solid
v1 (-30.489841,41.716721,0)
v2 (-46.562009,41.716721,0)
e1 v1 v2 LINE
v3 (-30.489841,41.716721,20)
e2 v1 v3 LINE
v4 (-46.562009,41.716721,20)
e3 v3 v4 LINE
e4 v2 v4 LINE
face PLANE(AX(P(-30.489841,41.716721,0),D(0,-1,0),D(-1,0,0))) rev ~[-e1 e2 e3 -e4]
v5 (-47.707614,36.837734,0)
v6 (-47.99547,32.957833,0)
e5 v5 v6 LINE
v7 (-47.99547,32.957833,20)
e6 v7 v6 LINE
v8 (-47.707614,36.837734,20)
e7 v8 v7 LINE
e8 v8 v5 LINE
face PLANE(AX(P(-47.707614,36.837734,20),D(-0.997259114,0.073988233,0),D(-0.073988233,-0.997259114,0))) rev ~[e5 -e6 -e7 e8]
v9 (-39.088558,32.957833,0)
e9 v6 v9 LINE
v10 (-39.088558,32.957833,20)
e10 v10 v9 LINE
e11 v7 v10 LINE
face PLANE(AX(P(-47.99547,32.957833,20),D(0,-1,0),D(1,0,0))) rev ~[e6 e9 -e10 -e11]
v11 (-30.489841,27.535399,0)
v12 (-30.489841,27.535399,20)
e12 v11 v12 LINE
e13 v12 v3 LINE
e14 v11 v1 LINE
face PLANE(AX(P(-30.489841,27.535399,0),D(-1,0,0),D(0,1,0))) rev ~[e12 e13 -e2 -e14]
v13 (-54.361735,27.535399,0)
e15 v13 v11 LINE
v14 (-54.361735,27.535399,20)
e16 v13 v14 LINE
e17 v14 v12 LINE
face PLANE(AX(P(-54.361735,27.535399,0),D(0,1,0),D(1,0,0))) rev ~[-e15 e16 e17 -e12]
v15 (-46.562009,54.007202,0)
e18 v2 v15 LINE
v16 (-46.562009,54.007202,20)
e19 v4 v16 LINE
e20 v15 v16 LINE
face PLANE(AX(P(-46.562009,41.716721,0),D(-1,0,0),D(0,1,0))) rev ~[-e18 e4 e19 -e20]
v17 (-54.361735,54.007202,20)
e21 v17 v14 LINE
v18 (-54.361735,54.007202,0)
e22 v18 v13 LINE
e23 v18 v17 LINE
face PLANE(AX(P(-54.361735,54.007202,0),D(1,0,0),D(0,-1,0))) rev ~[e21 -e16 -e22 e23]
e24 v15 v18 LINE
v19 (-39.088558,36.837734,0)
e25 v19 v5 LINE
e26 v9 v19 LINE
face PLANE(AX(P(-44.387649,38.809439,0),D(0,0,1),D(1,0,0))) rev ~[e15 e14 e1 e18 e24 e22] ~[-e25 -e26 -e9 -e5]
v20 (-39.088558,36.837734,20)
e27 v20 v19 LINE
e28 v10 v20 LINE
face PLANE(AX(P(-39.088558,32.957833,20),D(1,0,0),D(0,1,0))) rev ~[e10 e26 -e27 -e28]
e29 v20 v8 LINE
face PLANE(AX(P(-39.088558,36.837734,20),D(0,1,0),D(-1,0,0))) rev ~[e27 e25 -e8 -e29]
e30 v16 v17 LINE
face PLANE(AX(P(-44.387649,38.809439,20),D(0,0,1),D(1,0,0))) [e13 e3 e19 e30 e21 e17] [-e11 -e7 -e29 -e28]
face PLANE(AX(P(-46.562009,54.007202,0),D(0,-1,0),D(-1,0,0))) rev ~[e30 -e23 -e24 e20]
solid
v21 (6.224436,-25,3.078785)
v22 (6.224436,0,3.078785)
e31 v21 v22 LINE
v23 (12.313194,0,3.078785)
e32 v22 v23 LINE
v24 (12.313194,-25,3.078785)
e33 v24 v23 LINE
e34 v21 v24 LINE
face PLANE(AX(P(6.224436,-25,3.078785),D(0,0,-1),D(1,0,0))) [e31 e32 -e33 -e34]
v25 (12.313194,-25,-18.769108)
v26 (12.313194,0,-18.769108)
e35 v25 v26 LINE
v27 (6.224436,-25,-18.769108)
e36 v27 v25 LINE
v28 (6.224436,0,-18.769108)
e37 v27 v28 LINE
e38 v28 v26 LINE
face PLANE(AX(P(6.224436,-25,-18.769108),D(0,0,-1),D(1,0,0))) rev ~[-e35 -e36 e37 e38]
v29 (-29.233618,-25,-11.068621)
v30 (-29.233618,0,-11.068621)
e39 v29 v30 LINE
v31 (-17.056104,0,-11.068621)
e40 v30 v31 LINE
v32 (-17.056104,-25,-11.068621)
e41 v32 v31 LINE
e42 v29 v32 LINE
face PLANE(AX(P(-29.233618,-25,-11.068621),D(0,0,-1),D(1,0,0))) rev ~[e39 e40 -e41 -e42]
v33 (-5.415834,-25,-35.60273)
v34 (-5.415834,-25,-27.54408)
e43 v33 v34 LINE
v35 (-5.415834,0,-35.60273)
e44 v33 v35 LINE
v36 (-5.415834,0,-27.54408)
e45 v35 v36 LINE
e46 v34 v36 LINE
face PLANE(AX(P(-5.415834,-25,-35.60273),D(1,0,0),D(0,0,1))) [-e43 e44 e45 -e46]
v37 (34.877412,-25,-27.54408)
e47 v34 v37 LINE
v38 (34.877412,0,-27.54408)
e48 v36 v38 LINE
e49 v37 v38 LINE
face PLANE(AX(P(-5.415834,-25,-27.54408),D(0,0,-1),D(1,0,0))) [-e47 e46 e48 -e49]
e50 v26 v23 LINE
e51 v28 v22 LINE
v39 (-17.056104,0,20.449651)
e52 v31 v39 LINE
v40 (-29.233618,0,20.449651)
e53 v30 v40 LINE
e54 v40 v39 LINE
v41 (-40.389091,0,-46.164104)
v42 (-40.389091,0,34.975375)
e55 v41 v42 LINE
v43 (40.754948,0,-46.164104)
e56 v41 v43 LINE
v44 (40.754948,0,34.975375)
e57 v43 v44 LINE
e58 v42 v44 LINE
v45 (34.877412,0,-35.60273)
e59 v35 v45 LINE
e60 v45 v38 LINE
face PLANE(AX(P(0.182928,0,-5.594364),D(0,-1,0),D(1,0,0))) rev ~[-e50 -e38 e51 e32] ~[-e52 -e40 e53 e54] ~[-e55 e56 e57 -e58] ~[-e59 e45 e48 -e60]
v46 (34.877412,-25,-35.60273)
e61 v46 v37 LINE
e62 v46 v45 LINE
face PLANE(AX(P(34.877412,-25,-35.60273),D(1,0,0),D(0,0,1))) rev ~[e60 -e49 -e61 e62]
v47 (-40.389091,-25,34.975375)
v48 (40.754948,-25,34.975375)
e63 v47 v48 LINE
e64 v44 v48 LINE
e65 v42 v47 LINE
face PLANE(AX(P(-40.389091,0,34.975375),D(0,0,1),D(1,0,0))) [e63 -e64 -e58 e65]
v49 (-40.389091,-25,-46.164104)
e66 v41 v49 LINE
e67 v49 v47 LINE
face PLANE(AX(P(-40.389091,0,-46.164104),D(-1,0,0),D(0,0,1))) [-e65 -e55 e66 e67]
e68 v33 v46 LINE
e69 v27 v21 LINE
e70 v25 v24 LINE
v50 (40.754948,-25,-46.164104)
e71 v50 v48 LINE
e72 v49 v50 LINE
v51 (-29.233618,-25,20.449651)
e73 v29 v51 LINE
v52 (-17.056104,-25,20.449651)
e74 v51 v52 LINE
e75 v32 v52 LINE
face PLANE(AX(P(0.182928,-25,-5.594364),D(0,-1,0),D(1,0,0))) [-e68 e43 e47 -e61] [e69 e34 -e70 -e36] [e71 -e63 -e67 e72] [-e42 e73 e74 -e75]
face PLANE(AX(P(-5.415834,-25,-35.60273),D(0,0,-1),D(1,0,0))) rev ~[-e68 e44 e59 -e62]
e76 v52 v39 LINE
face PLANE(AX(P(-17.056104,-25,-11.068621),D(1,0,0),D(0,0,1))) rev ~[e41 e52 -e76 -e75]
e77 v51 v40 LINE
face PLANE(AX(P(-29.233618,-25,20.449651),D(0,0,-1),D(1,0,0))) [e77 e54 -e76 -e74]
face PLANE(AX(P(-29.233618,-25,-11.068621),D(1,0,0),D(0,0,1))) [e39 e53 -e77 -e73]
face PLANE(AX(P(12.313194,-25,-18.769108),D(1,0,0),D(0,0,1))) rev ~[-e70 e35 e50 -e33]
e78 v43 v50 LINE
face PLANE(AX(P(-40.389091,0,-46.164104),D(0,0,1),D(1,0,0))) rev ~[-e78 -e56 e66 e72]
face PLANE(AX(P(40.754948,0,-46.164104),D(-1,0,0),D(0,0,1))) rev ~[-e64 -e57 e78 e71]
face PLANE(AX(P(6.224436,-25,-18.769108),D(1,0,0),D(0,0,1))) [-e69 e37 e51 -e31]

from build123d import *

# Parameters (mm, degrees)
F0_W     = 81.144039
F0_H     = 81.139479
F1_DEPTH = 25
F2_W     = 12.177514
F2_H     = 31.518272
F2_W_2   = 6.088759
F2_H_2   = 21.847893
F2_W_3   = 40.293246
F2_H_3   = 8.058649
F3_DEPTH = 25.001
F5_DEPTH = 20
F7_DEPTH = 25


with BuildPart() as f1:
    # F0 (on Front) → F1 (new body)
    with BuildSketch(Plane.XZ):
        with Locations((0.182928, -5.594364)):
            Rectangle(F0_W, F0_H)
    extrude(amount=F1_DEPTH)

    # F2 (on face) → F3 (cut, through all)
    with BuildSketch(Plane.XZ.offset(25)):
        with Locations((-23.144861, 4.690515)):
            Rectangle(F2_W, F2_H)
        with Locations((9.268815, -7.845161)):
            Rectangle(F2_W_2, F2_H_2)
        with Locations((14.730789, -31.573405)):
            Rectangle(F2_W_3, F2_H_3)
    extrude(amount=-F3_DEPTH, mode=Mode.SUBTRACT)


with BuildPart() as f5:
    # F4 (on Top) → F5 (new body)
    with BuildSketch(Plane.XY):
        Polygon((-46.562009, 54.007202), (-54.361735, 54.007202), (-54.361735, 27.535399), (-30.489841, 27.535399), (-30.489841, 41.716721), (-46.562009, 41.716721), align=None)
    extrude(amount=F5_DEPTH)

    # F6 (on face) → F7 (cut)
    with BuildSketch(Plane.XY.offset(20)):
        Polygon((-47.707614, 36.837734), (-47.99547, 32.957833), (-39.088558, 32.957833), (-39.088558, 36.837734), align=None)
    extrude(amount=-F7_DEPTH, mode=Mode.SUBTRACT)


solid = Compound([f1.part, f5.part])
